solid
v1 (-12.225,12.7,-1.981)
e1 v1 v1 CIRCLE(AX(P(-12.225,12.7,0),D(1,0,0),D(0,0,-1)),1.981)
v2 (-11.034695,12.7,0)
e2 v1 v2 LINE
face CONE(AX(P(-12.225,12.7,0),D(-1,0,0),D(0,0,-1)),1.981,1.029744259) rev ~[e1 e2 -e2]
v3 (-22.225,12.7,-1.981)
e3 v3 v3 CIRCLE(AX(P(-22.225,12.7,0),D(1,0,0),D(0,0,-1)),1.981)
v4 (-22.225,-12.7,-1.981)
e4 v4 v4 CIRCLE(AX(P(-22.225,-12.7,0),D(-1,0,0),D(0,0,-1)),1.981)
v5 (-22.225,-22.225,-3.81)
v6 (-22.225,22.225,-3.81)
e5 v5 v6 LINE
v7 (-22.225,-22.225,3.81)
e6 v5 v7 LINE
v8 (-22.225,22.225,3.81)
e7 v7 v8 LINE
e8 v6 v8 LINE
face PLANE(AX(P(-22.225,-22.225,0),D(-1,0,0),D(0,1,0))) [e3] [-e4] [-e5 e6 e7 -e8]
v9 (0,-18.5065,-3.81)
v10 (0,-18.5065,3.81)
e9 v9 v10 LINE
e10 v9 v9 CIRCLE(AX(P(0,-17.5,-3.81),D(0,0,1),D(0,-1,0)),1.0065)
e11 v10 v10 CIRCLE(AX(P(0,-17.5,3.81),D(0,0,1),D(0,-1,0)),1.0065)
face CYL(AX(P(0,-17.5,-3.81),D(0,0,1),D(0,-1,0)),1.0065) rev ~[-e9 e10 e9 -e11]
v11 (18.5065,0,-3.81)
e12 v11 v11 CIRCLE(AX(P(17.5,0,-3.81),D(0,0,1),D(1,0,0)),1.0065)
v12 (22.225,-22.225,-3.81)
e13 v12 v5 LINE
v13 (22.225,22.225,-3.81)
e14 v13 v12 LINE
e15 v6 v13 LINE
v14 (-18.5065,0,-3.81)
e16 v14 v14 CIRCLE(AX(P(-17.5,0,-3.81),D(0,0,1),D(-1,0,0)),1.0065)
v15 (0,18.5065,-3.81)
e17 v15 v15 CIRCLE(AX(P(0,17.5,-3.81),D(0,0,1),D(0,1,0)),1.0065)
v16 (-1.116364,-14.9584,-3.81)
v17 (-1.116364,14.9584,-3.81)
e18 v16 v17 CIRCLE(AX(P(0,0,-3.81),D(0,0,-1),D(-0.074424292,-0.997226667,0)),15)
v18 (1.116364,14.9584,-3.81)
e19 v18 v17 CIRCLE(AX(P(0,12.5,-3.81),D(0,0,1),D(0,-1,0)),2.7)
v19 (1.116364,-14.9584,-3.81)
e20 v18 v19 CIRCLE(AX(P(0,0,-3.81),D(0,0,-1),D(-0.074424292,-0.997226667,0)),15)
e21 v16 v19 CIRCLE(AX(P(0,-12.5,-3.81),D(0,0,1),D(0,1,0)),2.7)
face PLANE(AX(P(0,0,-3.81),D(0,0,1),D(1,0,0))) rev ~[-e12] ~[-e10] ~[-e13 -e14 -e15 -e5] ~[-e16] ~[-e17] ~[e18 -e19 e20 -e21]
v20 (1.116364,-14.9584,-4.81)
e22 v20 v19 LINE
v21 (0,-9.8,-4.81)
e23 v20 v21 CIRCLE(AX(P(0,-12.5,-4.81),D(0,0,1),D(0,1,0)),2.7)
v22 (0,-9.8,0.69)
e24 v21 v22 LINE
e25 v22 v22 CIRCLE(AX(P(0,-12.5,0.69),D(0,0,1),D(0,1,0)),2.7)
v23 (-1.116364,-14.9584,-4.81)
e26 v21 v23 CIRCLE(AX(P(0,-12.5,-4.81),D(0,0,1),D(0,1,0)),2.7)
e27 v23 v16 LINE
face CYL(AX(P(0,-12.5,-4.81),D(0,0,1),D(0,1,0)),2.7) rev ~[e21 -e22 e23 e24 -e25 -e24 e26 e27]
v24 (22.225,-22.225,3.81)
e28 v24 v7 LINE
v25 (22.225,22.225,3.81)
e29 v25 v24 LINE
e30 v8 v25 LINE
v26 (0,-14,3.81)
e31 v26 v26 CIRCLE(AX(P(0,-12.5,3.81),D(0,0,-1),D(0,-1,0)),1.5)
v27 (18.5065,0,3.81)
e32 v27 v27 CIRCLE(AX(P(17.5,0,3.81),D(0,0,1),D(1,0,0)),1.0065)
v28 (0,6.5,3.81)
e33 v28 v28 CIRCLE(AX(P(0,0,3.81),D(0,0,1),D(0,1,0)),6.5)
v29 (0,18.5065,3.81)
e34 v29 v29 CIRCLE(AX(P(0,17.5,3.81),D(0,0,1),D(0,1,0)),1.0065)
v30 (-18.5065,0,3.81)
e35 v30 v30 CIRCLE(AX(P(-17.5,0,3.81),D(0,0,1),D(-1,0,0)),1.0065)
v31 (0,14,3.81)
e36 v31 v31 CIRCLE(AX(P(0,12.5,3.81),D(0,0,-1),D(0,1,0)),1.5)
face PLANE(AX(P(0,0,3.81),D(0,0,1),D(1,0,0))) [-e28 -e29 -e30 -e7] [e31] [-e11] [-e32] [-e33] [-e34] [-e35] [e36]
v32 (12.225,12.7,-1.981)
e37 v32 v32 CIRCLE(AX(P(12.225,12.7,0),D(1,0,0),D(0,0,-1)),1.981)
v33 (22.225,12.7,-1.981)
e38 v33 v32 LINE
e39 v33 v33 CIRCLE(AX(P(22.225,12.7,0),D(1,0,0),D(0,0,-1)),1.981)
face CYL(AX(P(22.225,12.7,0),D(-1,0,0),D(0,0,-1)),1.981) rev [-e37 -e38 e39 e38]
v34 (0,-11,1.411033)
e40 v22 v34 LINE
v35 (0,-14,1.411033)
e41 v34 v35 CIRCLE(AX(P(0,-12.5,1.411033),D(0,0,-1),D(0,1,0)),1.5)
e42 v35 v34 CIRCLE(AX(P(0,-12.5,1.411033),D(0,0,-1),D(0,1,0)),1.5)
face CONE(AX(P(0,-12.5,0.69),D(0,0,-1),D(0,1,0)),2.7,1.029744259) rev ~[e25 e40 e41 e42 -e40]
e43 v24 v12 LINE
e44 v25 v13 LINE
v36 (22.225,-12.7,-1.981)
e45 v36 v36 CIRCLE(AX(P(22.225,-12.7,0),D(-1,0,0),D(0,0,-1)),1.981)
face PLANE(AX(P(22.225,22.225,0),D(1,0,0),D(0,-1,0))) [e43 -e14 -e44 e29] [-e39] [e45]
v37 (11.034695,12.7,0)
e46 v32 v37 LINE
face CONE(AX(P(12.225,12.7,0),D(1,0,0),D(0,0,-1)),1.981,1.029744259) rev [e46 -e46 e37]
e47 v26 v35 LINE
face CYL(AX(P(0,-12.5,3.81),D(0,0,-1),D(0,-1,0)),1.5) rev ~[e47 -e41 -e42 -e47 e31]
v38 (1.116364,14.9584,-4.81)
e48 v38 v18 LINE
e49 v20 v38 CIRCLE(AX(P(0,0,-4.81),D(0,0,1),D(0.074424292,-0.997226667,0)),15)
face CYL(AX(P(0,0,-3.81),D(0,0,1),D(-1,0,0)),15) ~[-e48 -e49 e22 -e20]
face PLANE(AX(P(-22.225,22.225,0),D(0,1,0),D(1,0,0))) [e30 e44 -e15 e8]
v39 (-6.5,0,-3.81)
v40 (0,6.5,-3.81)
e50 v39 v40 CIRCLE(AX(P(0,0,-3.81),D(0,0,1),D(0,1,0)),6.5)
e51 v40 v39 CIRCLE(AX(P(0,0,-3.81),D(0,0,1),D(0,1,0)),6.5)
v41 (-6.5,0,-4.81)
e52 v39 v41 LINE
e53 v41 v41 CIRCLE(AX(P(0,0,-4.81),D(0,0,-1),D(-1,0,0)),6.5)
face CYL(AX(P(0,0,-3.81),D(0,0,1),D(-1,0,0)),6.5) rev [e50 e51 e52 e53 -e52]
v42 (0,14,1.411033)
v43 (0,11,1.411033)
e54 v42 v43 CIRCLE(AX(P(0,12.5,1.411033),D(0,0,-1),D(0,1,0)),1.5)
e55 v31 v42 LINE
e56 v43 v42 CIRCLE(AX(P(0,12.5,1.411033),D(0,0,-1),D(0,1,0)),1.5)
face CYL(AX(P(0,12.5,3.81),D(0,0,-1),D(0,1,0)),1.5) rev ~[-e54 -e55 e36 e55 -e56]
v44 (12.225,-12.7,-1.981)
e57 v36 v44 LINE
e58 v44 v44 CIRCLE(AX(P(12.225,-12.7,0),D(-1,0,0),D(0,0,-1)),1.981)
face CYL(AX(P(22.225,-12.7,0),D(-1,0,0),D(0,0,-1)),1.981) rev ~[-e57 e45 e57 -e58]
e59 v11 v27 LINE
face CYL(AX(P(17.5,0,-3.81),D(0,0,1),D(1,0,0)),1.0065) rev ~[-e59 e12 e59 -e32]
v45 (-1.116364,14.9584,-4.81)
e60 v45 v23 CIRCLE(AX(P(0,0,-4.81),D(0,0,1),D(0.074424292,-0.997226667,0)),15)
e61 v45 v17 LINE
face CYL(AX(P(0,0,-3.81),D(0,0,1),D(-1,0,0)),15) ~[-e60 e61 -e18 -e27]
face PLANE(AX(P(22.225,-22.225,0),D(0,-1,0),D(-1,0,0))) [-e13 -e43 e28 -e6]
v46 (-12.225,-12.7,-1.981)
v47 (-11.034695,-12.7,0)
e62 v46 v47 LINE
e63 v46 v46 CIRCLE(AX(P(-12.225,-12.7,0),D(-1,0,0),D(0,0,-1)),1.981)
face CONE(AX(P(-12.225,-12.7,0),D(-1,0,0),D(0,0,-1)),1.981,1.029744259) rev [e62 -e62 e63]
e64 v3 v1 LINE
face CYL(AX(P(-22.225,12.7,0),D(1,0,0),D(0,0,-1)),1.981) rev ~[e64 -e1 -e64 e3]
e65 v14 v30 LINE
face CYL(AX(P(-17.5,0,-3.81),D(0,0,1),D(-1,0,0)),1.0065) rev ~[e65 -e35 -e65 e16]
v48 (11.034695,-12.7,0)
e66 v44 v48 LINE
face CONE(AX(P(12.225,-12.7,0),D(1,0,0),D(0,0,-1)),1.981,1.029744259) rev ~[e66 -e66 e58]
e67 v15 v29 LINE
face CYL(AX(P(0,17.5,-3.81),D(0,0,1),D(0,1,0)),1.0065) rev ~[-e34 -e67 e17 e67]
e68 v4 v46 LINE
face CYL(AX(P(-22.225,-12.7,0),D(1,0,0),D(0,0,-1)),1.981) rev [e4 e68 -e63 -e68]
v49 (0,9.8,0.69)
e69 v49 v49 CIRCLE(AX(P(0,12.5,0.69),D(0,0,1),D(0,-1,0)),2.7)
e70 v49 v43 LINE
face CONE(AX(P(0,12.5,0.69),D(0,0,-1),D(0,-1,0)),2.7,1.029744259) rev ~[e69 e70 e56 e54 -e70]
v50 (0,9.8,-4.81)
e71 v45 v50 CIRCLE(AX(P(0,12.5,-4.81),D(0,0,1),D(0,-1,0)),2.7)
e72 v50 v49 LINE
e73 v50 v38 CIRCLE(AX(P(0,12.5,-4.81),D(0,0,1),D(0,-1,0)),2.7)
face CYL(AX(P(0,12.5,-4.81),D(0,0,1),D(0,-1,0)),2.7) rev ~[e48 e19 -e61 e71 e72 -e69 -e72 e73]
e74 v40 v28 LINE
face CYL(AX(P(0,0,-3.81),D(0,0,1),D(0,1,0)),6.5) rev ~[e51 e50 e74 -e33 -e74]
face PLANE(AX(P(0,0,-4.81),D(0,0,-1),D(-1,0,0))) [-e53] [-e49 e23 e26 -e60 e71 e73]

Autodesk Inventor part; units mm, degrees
ref_plane "YZ Plane" through (0, 0, 0) normal (1, 0, 0) x (0, 1, 0)
ref_plane "XZ Plane" through (0, 0, 0) normal (0, 1, 0) x (-1, 0, 0)
ref_plane "XY Plane" through (0, 0, 0) normal (0, 0, 1) x (1, 0, 0)
sketch "Sketch1" plane through (0, 0, 0) normal (0, 0, 1) x (1, 0, 0)
  line L0 (-22.225, 22.225) -> (22.225, 22.225)
  line L1 (22.225, 22.225) -> (22.225, -22.225)
  line L2 (22.225, -22.225) -> (-22.225, -22.225)
  line L3 (-22.225, -22.225) -> (-22.225, 22.225)
  line L4 (0, 0) -> (0, 22.225) construction
  line L5 (0, 0) -> (0, -22.225) construction
  line L6 (0, 0) -> (22.225, 0) construction
  line L7 (0, 0) -> (-22.225, 0) construction
  dimension "d0" = 44.45
  dimension "d1" = 44.45
extrude "Extrusion1" add sketch "Sketch1" along normal mid plane 7.62
sketch "Sketch2" plane through (0, 0, -3.81) normal (0, 0, -1) x (-1, 0, 0)
  point P0 (0, 0)
hole "Hole1" at (0, 0, -3.81) direction (0, 0, 1) diameter 13 end through all
sketch "Sketch7" plane through (0, 0, -3.81) normal (0, 0, -1) x (-1, 0, 0)
  circle A0 centre (0, 0) radius 6.5 projected
  circle A1 centre (0, 0) radius 15
  dimension "d49" = 30
extrude "Extrusion2" add sketch "Sketch7" along normal blind 1
sketch "Sketch8" plane through (0, 0, 3.81) normal (0, 0, 1) x (1, 0, 0)
  circle A0 centre (0, 0) radius 6.5 projected
  line L0 (22.225, -22.225) -> (-22.225, -22.225) projected
  line L1 (0, 0) -> (26.1346, 0) construction
  line L2 (0, 0) -> (0, -12.5) construction
  dimension "d52" = 90
  dimension "d53" = 12.5
hole "Hole6" at (0, -12.5, 3.81) direction (0, 0, -1) diameter 3 end through all
sketch "Sketch9" plane through (0, 0, -4.81) normal (0, 0, -1) x (-1, 0, 0)
  arc A0 (-7.7164, -9.8339) -> (-9.8339, -7.7164) centre (0, -12.5) ccw projected
  point P0 (0, -12.5)
hole "Hole7" at (0, -12.5, -4.81) direction (0, 0, 1) diameter 5.4 depth 5.5 tip angle 118
pattern_circular "Circular Pattern2" count 2 over 360 about axis through (0, 0, 59.512) along (0, 0, -1) of "Hole6", "Hole7"
sketch "Sketch10" plane through (0, 0, -3.81) normal (0, 0, -1) x (-1, 0, 0)
  arc A0 (1.1164, -14.9584) -> (1.1164, 14.9584) centre (0, 0) ccw projected
  point P0 (0, 17.5)
  dimension "d71" = 17.5
hole "Hole8" at (0, 17.5, -3.81) direction (0, 0, 1) diameter 2.013 end through all thread size "M2.5x0.45" class "6H" standard "ANSI Metric M Profile"
pattern_circular "Circular Pattern3" count 4 over 360 about axis through (0, 0, 59.512) along (0, 0, -1) of "Hole8"
sketch "Sketch11" plane through (22.225, -22.225, 3.81) normal (1, 0, 0) x (0, 0, -1)
  line L0 (0, 44.45) -> (0, 0) projected
  line L1 (0, 0) -> (7.62, 0) projected
  line L2 (7.62, 0) -> (7.62, 44.45) projected
  line L3 (0, 44.45) -> (7.62, 44.45) projected
  line L4 (3.81, 0) -> (3.81, 44.45) construction
  line L5 (7.62, 22.225) -> (0, 22.225) construction
  point P0 (3.81, 9.525)
  dimension "d82" = 12.7
hole "Hole9" at (22.225, -12.7, 0) direction (-1, 0, 0) diameter 3.962 depth 10 tip angle 118 thread size "10-32 UNF" class "2B" standard "ANSI Unified Screw Threads"
mirror "Mirror7" about plane through (0, 0, 0) normal (0, 1, 0) of "Hole9"
mirror "Mirror8" about plane through (0, 0, 0) normal (1, 0, 0) of "Hole9", "Mirror7"
properties part number "BB1-BackPlate" material "Steel, Mild"
